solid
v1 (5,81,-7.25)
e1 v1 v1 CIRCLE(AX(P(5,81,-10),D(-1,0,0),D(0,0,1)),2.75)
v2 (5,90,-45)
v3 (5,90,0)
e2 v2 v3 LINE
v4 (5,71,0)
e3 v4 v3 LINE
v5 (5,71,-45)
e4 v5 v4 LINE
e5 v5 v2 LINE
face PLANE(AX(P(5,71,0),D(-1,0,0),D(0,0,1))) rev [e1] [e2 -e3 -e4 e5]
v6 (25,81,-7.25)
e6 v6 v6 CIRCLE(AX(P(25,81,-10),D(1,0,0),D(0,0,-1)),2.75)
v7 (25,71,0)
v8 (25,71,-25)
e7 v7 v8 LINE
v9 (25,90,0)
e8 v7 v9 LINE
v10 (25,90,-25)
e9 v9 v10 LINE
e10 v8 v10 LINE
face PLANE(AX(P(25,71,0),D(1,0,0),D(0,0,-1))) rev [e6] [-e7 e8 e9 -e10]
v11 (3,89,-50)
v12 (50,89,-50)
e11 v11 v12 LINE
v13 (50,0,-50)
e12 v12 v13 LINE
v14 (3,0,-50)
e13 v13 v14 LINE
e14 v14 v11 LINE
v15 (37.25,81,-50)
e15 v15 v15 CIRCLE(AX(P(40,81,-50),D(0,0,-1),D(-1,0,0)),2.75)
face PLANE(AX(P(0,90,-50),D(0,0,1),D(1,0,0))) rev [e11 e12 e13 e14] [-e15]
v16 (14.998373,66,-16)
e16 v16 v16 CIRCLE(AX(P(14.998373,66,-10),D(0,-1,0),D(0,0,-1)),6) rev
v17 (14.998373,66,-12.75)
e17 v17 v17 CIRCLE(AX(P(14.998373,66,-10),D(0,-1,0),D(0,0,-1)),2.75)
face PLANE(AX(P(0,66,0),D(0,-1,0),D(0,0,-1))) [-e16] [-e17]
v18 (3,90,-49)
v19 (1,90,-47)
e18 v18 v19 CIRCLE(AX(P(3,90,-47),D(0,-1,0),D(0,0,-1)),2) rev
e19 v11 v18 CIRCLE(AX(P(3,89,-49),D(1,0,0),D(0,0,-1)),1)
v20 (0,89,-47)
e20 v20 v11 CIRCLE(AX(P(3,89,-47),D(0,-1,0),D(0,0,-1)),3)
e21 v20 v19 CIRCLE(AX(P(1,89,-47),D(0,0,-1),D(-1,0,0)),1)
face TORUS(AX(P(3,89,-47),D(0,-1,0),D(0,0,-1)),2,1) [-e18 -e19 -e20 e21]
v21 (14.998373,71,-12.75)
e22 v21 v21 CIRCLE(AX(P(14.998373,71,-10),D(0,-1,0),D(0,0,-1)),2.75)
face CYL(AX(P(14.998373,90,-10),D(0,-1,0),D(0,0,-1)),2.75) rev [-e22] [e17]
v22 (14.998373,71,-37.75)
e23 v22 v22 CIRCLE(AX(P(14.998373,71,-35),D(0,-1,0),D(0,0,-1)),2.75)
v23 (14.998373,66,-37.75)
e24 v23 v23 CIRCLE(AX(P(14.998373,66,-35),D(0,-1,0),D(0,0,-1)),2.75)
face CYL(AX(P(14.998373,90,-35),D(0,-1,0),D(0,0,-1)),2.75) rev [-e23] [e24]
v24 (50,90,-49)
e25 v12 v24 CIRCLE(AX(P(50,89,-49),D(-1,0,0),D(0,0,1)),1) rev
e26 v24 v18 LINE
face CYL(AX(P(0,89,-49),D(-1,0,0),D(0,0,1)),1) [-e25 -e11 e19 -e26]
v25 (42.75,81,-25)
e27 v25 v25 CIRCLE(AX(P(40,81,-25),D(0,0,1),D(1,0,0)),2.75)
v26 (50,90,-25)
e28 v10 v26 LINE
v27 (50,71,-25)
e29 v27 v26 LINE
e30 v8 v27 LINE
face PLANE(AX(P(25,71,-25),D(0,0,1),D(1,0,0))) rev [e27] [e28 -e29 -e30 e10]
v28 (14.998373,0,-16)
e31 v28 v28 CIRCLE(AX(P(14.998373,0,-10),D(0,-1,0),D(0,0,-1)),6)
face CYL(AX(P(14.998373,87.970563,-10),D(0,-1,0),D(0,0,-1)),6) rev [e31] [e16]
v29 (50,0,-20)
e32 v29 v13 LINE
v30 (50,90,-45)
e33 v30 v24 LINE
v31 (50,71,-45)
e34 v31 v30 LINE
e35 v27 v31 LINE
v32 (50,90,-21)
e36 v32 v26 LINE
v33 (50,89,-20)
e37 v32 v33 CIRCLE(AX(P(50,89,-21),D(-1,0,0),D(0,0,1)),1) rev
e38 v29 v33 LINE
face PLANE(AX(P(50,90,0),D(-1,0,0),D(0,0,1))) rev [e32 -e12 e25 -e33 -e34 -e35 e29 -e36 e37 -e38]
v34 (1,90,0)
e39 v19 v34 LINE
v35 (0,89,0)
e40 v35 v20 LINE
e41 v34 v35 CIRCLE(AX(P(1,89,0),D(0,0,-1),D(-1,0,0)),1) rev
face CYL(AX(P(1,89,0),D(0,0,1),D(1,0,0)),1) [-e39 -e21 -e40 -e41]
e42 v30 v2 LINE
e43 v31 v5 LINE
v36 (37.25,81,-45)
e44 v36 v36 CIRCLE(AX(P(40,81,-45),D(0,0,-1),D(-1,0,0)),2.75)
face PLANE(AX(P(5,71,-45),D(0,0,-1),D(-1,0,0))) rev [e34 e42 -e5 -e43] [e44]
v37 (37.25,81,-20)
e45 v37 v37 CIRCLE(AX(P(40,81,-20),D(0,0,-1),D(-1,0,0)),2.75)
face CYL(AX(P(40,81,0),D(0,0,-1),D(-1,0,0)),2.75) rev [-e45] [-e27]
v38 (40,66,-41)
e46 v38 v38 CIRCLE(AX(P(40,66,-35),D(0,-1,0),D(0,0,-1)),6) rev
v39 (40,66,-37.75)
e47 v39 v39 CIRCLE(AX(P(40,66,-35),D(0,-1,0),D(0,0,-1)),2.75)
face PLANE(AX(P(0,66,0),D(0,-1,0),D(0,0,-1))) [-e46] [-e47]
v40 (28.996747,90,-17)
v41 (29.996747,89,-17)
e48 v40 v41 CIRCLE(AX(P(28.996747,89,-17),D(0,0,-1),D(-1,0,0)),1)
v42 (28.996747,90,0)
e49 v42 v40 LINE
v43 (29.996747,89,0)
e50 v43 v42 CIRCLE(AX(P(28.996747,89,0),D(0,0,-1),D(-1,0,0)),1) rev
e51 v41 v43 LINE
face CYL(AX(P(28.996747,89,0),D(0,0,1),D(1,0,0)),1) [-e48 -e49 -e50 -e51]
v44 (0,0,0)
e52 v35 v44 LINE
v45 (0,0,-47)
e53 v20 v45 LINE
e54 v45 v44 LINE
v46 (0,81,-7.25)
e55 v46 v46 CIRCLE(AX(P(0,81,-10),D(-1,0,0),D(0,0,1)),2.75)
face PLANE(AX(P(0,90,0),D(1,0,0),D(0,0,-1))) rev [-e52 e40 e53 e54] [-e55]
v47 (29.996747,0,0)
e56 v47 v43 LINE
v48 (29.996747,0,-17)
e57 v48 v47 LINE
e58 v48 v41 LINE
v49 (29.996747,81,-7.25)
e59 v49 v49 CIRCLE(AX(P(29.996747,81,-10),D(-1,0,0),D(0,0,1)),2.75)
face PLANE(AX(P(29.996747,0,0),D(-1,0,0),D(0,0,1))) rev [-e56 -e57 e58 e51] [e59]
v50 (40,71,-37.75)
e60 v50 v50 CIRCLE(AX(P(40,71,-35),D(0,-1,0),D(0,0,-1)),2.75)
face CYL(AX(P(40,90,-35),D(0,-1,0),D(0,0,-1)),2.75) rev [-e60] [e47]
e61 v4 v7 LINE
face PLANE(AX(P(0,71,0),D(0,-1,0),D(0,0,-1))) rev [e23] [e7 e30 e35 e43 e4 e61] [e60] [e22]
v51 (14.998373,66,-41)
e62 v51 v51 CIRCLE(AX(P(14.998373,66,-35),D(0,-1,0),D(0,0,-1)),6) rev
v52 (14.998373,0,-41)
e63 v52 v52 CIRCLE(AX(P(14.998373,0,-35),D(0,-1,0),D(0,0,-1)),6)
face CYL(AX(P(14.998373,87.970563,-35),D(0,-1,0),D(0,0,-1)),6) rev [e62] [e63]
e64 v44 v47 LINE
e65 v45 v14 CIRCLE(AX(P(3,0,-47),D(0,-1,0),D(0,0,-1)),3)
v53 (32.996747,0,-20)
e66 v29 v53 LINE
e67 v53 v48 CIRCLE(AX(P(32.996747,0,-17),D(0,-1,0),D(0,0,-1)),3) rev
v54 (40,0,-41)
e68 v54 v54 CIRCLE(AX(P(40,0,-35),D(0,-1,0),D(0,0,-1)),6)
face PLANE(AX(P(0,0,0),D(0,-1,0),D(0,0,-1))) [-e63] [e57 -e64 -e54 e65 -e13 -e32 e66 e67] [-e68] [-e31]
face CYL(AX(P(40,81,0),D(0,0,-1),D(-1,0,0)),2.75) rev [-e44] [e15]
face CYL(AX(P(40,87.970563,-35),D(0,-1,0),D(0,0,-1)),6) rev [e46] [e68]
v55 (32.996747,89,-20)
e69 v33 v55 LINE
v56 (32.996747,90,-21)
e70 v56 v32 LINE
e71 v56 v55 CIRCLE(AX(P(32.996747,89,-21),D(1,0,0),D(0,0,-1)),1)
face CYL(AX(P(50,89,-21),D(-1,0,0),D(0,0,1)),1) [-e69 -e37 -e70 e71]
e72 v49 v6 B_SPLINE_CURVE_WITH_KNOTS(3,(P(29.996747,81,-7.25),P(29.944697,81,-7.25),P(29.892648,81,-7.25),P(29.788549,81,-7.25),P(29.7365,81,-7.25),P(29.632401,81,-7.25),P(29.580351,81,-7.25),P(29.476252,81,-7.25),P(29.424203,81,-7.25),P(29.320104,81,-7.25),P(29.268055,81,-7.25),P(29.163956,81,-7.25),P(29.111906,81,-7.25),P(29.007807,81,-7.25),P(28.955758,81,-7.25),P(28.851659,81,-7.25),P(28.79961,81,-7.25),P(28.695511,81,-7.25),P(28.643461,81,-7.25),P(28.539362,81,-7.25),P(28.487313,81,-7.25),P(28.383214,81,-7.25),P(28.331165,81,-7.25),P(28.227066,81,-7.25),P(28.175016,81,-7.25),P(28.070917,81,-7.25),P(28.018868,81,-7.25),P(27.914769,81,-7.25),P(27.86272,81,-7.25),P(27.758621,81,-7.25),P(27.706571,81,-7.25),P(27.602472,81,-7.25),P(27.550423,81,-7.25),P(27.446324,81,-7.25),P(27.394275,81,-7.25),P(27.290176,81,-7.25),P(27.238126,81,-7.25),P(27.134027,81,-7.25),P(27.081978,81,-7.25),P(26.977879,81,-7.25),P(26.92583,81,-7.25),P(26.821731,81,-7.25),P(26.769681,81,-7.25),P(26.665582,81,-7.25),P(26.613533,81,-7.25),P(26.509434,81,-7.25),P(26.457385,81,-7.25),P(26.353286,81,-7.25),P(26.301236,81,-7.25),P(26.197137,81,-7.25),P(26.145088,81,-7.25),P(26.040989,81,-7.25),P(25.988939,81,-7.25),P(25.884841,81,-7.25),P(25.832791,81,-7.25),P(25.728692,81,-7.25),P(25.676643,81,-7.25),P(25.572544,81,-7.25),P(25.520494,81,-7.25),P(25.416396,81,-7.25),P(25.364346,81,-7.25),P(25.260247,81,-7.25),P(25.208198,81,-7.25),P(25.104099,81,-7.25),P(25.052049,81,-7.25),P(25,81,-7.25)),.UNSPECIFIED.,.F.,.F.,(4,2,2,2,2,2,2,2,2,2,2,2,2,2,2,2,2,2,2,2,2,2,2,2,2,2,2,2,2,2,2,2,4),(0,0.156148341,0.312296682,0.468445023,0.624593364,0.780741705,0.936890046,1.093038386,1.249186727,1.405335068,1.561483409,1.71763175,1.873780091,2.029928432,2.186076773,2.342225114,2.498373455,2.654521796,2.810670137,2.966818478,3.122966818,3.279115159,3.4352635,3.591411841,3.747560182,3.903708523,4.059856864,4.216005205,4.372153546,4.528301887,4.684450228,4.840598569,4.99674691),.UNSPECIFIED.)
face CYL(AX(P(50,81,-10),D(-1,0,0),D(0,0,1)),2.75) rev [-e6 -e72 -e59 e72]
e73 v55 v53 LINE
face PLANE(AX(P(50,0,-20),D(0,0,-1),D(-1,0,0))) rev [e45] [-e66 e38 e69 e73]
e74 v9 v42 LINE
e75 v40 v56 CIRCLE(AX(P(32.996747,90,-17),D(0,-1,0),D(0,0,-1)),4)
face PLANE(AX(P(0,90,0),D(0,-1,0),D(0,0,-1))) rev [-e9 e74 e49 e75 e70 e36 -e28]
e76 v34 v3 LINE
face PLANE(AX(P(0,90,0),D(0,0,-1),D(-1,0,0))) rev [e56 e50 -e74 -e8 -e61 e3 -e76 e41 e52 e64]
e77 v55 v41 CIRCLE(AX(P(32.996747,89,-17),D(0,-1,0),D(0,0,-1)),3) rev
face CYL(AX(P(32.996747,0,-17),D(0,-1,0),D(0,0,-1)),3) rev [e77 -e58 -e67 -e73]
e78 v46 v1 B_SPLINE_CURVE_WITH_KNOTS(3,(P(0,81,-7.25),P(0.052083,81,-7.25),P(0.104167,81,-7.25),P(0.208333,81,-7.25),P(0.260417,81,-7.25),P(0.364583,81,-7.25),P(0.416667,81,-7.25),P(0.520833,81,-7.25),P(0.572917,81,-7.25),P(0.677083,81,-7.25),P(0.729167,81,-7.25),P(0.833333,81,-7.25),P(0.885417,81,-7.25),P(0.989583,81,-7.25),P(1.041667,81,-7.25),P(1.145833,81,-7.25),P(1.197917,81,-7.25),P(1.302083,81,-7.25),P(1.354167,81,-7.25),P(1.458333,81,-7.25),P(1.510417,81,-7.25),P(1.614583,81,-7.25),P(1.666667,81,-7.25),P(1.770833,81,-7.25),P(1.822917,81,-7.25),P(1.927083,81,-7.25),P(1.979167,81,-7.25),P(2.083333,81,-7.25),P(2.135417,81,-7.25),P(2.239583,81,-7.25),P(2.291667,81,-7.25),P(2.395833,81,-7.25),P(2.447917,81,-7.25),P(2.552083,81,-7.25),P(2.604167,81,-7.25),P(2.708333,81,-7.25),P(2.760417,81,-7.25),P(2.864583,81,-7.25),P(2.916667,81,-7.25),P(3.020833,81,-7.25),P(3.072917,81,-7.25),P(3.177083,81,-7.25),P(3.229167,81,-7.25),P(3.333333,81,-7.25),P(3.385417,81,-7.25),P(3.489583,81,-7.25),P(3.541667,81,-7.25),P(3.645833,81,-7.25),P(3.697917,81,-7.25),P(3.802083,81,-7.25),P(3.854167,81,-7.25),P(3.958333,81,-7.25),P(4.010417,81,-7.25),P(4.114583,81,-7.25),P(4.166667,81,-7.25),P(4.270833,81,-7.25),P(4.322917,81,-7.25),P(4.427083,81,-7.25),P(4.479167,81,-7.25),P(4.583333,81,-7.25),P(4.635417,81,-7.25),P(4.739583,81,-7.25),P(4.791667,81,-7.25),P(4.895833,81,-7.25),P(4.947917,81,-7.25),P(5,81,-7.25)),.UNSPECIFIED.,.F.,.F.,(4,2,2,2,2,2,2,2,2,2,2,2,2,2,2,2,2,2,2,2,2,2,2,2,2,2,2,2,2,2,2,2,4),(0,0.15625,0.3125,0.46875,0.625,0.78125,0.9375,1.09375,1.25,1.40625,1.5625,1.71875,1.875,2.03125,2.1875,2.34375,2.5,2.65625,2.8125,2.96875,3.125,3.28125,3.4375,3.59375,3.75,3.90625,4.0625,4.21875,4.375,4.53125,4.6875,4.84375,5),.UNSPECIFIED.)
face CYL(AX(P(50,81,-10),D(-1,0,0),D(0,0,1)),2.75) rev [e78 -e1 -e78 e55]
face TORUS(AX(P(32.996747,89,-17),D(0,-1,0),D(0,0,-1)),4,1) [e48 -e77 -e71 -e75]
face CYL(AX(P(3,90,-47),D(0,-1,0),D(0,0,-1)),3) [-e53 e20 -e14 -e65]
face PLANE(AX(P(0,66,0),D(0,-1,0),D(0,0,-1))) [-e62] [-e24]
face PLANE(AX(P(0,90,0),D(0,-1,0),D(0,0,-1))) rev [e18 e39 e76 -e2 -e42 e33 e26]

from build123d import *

# Parameters (mm, degrees)
SKETCH1_W           = 50
SKETCH1_H           = 50
BOSS_EXTRUDE1_DEPTH = 90
CUT_EXTRUDE1_DEPTH  = 19
SKETCH3_W           = 20.00325309
SKETCH3_H           = 20
CUT_EXTRUDE2_DEPTH  = 115.455231423
SKETCH4_R           = 6
CUT_EXTRUDE3_DEPTH  = 66
SKETCH6_R           = 2.75
CUT_EXTRUDE4_DEPTH  = 97.726418315
SKETCH7_R           = 2.75
CUT_EXTRUDE5_DEPTH  = 115.455231423
SKETCH8_R           = 2.75
CUT_EXTRUDE6_DEPTH  = 115.455231423
FILLET1_R           = 3
FILLET2_R           = 1


with BuildPart() as part:
    # Sketch1 → Boss-Extrude1 (new body)
    with BuildSketch(Plane(origin=(0, 0, 0), x_dir=(1, 0, 0), z_dir=(0, 1, 0))):
        with Locations((25, 25)):
            Rectangle(SKETCH1_W, SKETCH1_H)
    extrude(amount=BOSS_EXTRUDE1_DEPTH)

    # Sketch2 → Cut-Extrude1 (cut)
    with BuildSketch(Plane(origin=(0, 90, 0), x_dir=(1, 0, 0), z_dir=(0, 1, 0))):
        Polygon((5, 0), (25, 0), (25, 25), (50, 25), (50, 45), (5, 45), align=None)
    extrude(amount=-CUT_EXTRUDE1_DEPTH, mode=Mode.SUBTRACT)

    # Sketch3 → Cut-Extrude2 (cut, through all)
    with BuildSketch(Plane(origin=(0, 90, 0), x_dir=(1, 0, 0), z_dir=(0, 1, 0))):
        with Locations((39.998373455, 10)):
            Rectangle(SKETCH3_W, SKETCH3_H)
    extrude(amount=-CUT_EXTRUDE2_DEPTH, mode=Mode.SUBTRACT)

    # Sketch4 → Cut-Extrude3 (cut)
    with BuildSketch(Plane.XZ):
        with Locations(Location((14.998373455, -10, 0), (0, 0, 270))):
            Circle(SKETCH4_R)
        with Locations(Location((40, -35, 0), (0, 0, 270))):
            Circle(SKETCH4_R)
        with Locations(Location((14.998373455, -35, 0), (0, 0, 270))):
            Circle(SKETCH4_R)
    extrude(amount=-CUT_EXTRUDE3_DEPTH, mode=Mode.SUBTRACT)

    # Sketch6 → Cut-Extrude4 (cut, through all)
    with BuildSketch(Plane.XZ.offset(-66)):
        with Locations(Location((14.998373455, -10, 0), (0, 0, 270))):
            Circle(SKETCH6_R)
        with Locations(Location((40, -35, 0), (0, 0, 270))):
            Circle(SKETCH6_R)
        with Locations(Location((14.998373455, -35, 0), (0, 0, 270))):
            Circle(SKETCH6_R)
    extrude(amount=-CUT_EXTRUDE4_DEPTH, mode=Mode.SUBTRACT)

    # Sketch7 → Cut-Extrude5 (cut, through all)
    with BuildSketch(Plane.ZY):
        with Locations((-10, 81)):
            Circle(SKETCH7_R)
    extrude(amount=-CUT_EXTRUDE5_DEPTH, mode=Mode.SUBTRACT)

    # Sketch8 → Cut-Extrude6 (cut, through all)
    with BuildSketch(Plane(origin=(0, 0, -50), x_dir=(-1, 0, 0), z_dir=(0, 0, -1))):
        with Locations((-40, 81)):
            Circle(SKETCH8_R)
    extrude(amount=-CUT_EXTRUDE6_DEPTH, mode=Mode.SUBTRACT)

    # Fillet1
    fillet1_edges = [part.edges().sort_by_distance(p)[0] for p in [
        (29.99674691, 45, -20),
        (0, 45, -50),
    ]]
    fillet(fillet1_edges, radius=FILLET1_R)

    # Fillet2
    fillet2_edges = [part.edges().sort_by_distance(p)[0] for p in [
        (30.875426566, 90, -19.121320344),
        (26.5, 90, -50),
        (41.498373455, 90, -20),
        (29.99674691, 90, -8.5),
        (0, 90, -23.5),
        (0.878679656, 90, -49.121320344),
    ]]
    fillet(fillet2_edges, radius=FILLET2_R)


solid = part.part
